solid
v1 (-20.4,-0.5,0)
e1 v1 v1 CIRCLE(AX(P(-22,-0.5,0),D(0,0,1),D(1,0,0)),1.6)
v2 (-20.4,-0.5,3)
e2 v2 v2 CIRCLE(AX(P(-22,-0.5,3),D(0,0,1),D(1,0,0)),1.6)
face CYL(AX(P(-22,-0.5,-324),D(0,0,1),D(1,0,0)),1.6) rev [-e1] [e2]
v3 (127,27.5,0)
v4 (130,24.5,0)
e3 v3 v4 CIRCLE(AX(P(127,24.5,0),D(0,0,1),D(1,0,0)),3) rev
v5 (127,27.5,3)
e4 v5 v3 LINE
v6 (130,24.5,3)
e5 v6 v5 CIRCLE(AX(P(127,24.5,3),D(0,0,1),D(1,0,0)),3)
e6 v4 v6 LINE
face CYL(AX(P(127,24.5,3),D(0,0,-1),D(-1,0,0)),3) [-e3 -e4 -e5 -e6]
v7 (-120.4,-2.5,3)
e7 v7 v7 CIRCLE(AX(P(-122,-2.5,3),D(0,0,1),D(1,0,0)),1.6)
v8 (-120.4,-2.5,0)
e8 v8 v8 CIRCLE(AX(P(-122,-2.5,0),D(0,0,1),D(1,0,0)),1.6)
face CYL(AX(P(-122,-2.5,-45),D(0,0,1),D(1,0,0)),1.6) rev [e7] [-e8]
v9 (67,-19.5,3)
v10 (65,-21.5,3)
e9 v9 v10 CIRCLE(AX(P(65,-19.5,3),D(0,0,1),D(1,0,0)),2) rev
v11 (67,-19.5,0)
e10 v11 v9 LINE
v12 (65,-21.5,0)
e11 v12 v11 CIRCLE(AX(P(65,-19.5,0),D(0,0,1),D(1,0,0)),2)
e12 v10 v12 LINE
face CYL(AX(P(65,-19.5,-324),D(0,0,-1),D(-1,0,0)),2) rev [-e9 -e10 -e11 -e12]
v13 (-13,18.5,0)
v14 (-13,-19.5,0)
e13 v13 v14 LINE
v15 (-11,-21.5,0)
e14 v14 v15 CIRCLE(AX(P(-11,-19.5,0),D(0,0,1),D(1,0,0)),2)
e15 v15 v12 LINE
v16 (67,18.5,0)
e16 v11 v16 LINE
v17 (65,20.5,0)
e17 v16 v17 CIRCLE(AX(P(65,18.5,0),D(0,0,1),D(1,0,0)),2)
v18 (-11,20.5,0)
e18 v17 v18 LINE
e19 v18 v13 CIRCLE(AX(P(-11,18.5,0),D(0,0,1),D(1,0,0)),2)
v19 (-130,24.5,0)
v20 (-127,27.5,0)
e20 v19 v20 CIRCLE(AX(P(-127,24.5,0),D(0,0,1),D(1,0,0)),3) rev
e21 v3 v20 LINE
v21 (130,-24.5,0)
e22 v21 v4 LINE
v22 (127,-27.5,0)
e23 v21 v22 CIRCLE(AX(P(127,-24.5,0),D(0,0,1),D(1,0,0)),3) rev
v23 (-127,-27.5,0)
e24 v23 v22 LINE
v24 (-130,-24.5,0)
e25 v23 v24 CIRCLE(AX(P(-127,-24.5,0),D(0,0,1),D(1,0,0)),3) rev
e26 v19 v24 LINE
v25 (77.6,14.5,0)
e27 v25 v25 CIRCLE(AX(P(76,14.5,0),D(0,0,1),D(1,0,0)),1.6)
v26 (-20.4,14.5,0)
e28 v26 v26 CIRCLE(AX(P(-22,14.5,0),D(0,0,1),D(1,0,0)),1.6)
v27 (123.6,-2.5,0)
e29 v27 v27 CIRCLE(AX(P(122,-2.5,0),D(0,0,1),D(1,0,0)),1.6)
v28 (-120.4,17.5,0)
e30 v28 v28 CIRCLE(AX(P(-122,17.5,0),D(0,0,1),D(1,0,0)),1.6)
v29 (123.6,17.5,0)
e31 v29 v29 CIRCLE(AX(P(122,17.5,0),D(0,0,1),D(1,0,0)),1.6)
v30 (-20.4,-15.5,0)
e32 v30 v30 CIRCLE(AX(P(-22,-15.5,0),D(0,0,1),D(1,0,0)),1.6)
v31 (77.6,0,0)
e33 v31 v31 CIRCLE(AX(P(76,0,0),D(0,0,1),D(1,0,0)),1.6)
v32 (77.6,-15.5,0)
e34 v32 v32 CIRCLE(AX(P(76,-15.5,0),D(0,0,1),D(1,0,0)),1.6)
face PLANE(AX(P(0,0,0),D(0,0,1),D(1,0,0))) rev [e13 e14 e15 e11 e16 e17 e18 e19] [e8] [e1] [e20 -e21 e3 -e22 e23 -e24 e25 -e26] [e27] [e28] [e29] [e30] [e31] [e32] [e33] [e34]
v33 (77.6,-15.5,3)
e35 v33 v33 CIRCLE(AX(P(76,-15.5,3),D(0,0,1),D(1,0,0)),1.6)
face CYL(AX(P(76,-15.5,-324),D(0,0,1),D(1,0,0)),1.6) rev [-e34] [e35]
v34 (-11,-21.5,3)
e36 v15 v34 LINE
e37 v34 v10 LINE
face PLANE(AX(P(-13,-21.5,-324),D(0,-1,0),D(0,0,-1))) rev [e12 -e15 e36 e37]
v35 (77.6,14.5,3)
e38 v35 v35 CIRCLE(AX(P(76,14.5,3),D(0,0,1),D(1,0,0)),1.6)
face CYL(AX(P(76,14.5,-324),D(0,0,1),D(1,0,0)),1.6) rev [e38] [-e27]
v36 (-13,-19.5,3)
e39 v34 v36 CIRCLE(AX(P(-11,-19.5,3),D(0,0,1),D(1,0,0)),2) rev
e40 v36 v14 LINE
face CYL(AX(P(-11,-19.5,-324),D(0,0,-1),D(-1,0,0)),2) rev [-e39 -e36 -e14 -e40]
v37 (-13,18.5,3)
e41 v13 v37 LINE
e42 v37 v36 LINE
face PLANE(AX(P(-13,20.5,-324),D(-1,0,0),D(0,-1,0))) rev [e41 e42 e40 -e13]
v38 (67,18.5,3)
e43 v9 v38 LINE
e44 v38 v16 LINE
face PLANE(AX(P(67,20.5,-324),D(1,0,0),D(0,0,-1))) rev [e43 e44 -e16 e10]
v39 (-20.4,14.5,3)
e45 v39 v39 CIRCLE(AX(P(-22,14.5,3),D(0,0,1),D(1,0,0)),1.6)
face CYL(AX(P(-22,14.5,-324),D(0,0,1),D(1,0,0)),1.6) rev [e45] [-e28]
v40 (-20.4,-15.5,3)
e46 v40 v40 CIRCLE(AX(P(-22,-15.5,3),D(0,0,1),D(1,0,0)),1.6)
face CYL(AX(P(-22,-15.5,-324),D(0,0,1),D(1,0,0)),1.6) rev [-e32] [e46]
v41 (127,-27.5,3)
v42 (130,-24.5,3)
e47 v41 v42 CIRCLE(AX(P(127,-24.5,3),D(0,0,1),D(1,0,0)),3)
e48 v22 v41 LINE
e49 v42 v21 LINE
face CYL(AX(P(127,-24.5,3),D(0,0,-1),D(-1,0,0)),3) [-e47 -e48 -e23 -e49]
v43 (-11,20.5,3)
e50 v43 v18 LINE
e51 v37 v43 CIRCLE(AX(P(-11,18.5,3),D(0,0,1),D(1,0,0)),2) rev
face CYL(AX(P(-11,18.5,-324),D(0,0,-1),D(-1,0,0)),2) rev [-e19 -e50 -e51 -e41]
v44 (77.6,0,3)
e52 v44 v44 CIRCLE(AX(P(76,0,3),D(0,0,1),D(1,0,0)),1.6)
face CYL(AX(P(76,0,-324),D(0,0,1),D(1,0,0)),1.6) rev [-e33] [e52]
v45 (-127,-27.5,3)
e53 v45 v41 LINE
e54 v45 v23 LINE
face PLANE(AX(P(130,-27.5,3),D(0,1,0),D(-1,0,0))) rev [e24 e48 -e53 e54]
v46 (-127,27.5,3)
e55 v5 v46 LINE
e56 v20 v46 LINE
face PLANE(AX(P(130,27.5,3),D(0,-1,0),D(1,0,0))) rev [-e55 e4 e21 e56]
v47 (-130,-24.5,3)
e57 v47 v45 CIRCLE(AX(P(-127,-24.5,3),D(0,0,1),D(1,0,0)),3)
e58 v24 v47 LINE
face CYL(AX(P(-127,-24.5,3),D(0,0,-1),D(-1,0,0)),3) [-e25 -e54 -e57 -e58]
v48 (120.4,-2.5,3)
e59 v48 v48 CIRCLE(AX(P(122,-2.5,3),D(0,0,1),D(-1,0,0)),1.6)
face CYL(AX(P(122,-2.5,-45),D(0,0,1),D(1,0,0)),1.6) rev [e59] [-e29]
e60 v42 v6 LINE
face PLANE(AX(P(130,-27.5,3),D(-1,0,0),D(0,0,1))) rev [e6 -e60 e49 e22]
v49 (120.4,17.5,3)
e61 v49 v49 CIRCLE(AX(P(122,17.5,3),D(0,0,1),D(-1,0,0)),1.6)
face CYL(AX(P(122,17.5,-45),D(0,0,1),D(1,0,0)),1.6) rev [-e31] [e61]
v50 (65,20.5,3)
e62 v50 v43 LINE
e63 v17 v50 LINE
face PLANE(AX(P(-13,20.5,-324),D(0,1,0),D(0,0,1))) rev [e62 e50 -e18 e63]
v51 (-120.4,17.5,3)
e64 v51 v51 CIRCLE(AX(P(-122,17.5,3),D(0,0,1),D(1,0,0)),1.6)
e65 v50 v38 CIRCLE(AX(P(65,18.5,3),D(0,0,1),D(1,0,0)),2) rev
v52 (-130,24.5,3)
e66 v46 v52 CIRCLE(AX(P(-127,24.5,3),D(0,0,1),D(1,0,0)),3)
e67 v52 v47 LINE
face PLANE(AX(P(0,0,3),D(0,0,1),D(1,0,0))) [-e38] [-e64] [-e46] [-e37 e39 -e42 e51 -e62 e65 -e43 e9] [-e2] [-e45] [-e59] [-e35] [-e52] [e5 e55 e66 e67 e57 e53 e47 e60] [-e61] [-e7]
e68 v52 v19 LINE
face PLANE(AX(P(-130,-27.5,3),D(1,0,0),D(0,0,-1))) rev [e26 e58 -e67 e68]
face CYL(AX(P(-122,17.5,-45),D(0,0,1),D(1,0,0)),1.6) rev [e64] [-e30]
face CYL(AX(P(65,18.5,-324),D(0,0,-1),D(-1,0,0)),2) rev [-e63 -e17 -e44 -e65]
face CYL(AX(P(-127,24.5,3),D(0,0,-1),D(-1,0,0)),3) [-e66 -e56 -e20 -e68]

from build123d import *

# Parameters (mm, degrees)
SKETCH_1_W          = 260
SKETCH_1_H          = 55
EXTRUDE_1_DEPTH     = 3
FILLET_1_R          = 3
SKETCH_2_R          = 1.6
CUT_EXTRUDE_1_DEPTH = 48
SKETCH_3_R          = 1.6
SKETCH_3_W          = 80
SKETCH_3_H          = 42
CUT_EXTRUDE_2_DEPTH = 327
FILLET_2_R          = 2


with BuildPart() as part:
    # 草图1 → 凸台-拉伸1 (new body)
    with BuildSketch(Plane.XY):
        Rectangle(SKETCH_1_W, SKETCH_1_H)
    extrude(amount=EXTRUDE_1_DEPTH)

    # 圆角1
    fillet_1_edges = [part.edges().sort_by_distance(p)[0] for p in [
        (-130, 27.5, 1.5),
        (130, 27.5, 1.5),
        (130, -27.5, 1.5),
        (-130, -27.5, 1.5),
    ]]
    fillet(fillet_1_edges, radius=FILLET_1_R)

    # 草图2 → 切除-拉伸1 (cut)
    with BuildSketch(Plane.XY.offset(3)):
        with Locations((-122, 17.5)):
            Circle(SKETCH_2_R)
        with Locations((-122, -2.5)):
            Circle(SKETCH_2_R)
        with Locations((122, -2.5)):
            Circle(SKETCH_2_R)
        with Locations((122, 17.5)):
            Circle(SKETCH_2_R)
    extrude(amount=-CUT_EXTRUDE_1_DEPTH, mode=Mode.SUBTRACT)

    # 草图3 → 切除-拉伸2 (cut)
    with BuildSketch(Plane.XY.offset(3)):
        with Locations((-22, 14.5)):
            Circle(SKETCH_3_R)
        with Locations((-22, -0.5)):
            Circle(SKETCH_3_R)
        with Locations((-22, -15.5)):
            Circle(SKETCH_3_R)
        with Locations((76, 14.5)):
            Circle(SKETCH_3_R)
        with Locations((76, 0)):
            Circle(SKETCH_3_R)
        with Locations((76, -15.5)):
            Circle(SKETCH_3_R)
        with Locations((27, -0.5)):
            Rectangle(SKETCH_3_W, SKETCH_3_H)
    extrude(amount=-CUT_EXTRUDE_2_DEPTH, mode=Mode.SUBTRACT)

    # 圆角2
    fillet_2_edges = [part.edges().sort_by_distance(p)[0] for p in [
        (-13, -21.5, 1.5),
        (-13, 20.5, 1.5),
        (67, 20.5, 1.5),
        (67, -21.5, 1.5),
    ]]
    fillet(fillet_2_edges, radius=FILLET_2_R)


solid = part.part
